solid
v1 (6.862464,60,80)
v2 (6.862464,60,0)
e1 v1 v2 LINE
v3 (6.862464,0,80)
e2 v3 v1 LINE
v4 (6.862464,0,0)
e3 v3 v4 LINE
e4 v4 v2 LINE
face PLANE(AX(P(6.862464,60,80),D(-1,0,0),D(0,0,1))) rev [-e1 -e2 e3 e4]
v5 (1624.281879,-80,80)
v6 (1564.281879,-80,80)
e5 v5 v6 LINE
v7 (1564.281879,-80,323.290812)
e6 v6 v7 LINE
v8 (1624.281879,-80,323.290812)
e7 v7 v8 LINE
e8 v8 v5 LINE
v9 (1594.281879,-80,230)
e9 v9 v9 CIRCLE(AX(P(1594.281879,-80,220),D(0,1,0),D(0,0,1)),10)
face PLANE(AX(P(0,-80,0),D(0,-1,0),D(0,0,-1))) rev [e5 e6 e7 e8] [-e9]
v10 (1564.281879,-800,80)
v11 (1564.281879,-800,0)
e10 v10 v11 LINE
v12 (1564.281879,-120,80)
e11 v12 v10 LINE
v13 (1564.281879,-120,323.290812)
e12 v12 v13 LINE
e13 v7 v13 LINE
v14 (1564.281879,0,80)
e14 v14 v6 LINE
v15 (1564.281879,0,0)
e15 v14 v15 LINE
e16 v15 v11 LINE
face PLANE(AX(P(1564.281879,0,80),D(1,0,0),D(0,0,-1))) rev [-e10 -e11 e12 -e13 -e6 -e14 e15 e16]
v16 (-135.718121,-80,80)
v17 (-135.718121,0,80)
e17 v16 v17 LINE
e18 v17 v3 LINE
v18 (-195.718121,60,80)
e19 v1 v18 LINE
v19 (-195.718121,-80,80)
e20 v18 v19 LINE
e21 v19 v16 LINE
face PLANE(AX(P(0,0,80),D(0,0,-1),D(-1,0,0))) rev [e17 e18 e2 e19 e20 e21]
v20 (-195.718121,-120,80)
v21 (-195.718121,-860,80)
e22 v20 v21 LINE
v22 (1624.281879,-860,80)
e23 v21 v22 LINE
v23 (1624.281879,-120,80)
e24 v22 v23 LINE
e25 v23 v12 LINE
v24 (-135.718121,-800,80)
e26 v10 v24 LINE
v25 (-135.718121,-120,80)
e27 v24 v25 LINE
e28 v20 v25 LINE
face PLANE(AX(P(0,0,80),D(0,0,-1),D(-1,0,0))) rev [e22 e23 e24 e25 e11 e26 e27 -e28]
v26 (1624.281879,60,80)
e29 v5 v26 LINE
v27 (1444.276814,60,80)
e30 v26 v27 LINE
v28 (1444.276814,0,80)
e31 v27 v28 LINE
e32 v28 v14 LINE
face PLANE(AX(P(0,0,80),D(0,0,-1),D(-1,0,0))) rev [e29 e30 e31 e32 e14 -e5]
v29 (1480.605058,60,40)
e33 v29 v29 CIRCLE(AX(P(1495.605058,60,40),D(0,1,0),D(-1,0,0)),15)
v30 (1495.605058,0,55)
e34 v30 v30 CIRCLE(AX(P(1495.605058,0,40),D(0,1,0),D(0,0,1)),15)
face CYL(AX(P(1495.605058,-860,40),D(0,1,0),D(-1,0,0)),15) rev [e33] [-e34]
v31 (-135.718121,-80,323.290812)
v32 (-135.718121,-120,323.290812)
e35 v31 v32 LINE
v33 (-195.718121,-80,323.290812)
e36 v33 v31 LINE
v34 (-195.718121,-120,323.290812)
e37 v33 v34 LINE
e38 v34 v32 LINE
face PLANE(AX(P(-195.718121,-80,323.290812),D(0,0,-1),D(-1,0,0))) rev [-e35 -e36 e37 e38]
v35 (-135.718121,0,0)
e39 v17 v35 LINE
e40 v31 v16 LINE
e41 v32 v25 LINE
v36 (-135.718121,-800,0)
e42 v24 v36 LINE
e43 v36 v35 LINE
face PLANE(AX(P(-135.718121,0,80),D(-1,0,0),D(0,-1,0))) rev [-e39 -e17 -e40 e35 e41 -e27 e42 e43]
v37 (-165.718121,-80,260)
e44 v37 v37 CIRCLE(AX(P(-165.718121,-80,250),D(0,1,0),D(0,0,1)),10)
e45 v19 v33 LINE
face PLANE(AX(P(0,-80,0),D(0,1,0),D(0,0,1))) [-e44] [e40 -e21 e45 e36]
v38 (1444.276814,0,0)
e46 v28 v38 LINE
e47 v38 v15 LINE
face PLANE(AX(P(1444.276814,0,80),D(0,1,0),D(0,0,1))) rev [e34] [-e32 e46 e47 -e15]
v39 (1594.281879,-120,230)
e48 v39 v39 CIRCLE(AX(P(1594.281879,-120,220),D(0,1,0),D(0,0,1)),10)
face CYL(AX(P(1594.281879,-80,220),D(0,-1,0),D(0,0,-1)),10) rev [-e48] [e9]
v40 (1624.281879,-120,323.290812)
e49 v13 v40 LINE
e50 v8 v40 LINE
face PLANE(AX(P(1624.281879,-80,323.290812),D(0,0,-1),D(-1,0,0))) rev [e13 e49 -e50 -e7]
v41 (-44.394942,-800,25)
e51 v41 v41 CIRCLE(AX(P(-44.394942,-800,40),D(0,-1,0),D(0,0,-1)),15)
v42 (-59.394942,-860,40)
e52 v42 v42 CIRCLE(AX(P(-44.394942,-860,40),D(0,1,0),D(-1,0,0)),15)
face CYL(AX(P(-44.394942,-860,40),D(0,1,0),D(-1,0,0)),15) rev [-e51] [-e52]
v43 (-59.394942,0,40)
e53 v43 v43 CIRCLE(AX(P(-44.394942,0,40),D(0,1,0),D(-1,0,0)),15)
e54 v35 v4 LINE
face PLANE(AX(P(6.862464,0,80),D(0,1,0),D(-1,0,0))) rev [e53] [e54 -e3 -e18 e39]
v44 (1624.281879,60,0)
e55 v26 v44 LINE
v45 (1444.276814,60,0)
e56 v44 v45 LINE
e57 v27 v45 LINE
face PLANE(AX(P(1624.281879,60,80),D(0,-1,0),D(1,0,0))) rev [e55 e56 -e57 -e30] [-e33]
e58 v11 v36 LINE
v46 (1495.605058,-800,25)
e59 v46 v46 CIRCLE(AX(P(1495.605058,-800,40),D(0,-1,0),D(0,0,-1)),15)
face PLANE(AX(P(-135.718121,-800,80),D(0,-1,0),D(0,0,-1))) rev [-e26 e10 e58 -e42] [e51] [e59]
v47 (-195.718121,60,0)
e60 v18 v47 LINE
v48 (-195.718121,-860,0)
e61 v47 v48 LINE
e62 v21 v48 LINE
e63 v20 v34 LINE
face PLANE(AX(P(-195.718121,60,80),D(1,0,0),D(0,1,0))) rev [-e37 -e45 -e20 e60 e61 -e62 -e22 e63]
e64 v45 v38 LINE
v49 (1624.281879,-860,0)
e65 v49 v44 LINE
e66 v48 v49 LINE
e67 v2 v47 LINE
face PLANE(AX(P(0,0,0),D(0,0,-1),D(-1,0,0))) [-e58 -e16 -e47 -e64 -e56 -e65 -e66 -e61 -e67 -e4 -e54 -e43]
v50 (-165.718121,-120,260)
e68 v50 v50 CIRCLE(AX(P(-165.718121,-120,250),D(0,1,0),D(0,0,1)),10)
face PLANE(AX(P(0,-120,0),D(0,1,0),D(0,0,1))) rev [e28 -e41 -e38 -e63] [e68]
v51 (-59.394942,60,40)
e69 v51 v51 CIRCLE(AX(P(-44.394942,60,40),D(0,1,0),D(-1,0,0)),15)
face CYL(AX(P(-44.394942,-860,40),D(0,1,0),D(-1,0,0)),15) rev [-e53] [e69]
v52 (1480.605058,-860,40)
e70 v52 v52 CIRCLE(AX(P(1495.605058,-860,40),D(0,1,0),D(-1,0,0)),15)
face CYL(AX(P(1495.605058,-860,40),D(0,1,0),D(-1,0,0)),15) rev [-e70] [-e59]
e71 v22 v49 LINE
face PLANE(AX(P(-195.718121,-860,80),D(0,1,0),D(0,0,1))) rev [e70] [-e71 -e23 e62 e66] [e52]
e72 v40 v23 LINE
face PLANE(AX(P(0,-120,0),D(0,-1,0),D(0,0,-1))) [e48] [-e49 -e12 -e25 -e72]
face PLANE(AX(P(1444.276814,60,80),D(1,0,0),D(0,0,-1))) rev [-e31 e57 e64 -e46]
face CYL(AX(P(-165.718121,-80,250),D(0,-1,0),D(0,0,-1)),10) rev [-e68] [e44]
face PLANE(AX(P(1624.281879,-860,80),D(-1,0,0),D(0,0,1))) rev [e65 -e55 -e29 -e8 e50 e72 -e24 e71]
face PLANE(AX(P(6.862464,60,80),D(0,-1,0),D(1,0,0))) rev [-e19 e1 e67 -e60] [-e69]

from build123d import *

# Parameters (mm, degrees)
BOSS_EXTRU_1_DEPTH      = 80
ESQUISSE2_R             = 15
ENL_V_MAT_EXTRU_1_DEPTH = 1869.446312251
ESQUISSE3_W             = 60
ESQUISSE3_H             = 283.290811992
ESQUISSE3_R             = 10
BOSS_EXTRU_2_DEPTH      = 20


with BuildPart() as part:
    # Esquisse1 → Boss.-Extru.1 (new body)
    with BuildSketch(Plane.XY):
        Polygon((6.862464031, 0), (-135.71812121, 0), (-135.71812121, -800), (1564.28187879, -800), (1564.28187879, 0), (1444.276814416, 0), (1444.276814416, 60), (1624.28187879, 60), (1624.28187879, -860), (-195.71812121, -860), (-195.71812121, 60), (6.862464031, 60), align=None)
    extrude(amount=BOSS_EXTRU_1_DEPTH)

    # Esquisse2 → Enlèv. mat.-Extru.1 (cut, through all)
    with BuildSketch(Plane(origin=(0, 60, 0), x_dir=(1, 0, 0), z_dir=(0, 1, 0))):
        with Locations(Location((-44.394941641, -40, 0), (0, 0, 180))):
            Circle(ESQUISSE2_R)
        with Locations(Location((1495.605058359, -40, 0), (0, 0, 180))):
            Circle(ESQUISSE2_R)
    extrude(amount=-ENL_V_MAT_EXTRU_1_DEPTH, mode=Mode.SUBTRACT)

    # Esquisse3 → Boss.-Extru.2 (add, symmetric)
    # profile 1 of 2: a face of its own
    with BuildSketch(Plane(origin=(0, -100, 0), x_dir=(1, 0, 0), z_dir=(0, 1, 0))):
        with Locations((-165.71812121, -181.645405996)):
            Rectangle(ESQUISSE3_W, ESQUISSE3_H)
        with Locations(Location((-165.71812121, -250, 0), (0, 0, 270))):
            Circle(ESQUISSE3_R, mode=Mode.SUBTRACT)
    # profile 2 of 2: a face of its own
    with BuildSketch(Plane(origin=(0, -100, 0), x_dir=(1, 0, 0), z_dir=(0, 1, 0))):
        with Locations((1594.28187879, -181.645405996)):
            Rectangle(ESQUISSE3_W, ESQUISSE3_H)
        with Locations(Location((1594.28187879, -220, 0), (0, 0, 270))):
            Circle(ESQUISSE3_R, mode=Mode.SUBTRACT)
    extrude(amount=BOSS_EXTRU_2_DEPTH, both=True)


solid = part.part
